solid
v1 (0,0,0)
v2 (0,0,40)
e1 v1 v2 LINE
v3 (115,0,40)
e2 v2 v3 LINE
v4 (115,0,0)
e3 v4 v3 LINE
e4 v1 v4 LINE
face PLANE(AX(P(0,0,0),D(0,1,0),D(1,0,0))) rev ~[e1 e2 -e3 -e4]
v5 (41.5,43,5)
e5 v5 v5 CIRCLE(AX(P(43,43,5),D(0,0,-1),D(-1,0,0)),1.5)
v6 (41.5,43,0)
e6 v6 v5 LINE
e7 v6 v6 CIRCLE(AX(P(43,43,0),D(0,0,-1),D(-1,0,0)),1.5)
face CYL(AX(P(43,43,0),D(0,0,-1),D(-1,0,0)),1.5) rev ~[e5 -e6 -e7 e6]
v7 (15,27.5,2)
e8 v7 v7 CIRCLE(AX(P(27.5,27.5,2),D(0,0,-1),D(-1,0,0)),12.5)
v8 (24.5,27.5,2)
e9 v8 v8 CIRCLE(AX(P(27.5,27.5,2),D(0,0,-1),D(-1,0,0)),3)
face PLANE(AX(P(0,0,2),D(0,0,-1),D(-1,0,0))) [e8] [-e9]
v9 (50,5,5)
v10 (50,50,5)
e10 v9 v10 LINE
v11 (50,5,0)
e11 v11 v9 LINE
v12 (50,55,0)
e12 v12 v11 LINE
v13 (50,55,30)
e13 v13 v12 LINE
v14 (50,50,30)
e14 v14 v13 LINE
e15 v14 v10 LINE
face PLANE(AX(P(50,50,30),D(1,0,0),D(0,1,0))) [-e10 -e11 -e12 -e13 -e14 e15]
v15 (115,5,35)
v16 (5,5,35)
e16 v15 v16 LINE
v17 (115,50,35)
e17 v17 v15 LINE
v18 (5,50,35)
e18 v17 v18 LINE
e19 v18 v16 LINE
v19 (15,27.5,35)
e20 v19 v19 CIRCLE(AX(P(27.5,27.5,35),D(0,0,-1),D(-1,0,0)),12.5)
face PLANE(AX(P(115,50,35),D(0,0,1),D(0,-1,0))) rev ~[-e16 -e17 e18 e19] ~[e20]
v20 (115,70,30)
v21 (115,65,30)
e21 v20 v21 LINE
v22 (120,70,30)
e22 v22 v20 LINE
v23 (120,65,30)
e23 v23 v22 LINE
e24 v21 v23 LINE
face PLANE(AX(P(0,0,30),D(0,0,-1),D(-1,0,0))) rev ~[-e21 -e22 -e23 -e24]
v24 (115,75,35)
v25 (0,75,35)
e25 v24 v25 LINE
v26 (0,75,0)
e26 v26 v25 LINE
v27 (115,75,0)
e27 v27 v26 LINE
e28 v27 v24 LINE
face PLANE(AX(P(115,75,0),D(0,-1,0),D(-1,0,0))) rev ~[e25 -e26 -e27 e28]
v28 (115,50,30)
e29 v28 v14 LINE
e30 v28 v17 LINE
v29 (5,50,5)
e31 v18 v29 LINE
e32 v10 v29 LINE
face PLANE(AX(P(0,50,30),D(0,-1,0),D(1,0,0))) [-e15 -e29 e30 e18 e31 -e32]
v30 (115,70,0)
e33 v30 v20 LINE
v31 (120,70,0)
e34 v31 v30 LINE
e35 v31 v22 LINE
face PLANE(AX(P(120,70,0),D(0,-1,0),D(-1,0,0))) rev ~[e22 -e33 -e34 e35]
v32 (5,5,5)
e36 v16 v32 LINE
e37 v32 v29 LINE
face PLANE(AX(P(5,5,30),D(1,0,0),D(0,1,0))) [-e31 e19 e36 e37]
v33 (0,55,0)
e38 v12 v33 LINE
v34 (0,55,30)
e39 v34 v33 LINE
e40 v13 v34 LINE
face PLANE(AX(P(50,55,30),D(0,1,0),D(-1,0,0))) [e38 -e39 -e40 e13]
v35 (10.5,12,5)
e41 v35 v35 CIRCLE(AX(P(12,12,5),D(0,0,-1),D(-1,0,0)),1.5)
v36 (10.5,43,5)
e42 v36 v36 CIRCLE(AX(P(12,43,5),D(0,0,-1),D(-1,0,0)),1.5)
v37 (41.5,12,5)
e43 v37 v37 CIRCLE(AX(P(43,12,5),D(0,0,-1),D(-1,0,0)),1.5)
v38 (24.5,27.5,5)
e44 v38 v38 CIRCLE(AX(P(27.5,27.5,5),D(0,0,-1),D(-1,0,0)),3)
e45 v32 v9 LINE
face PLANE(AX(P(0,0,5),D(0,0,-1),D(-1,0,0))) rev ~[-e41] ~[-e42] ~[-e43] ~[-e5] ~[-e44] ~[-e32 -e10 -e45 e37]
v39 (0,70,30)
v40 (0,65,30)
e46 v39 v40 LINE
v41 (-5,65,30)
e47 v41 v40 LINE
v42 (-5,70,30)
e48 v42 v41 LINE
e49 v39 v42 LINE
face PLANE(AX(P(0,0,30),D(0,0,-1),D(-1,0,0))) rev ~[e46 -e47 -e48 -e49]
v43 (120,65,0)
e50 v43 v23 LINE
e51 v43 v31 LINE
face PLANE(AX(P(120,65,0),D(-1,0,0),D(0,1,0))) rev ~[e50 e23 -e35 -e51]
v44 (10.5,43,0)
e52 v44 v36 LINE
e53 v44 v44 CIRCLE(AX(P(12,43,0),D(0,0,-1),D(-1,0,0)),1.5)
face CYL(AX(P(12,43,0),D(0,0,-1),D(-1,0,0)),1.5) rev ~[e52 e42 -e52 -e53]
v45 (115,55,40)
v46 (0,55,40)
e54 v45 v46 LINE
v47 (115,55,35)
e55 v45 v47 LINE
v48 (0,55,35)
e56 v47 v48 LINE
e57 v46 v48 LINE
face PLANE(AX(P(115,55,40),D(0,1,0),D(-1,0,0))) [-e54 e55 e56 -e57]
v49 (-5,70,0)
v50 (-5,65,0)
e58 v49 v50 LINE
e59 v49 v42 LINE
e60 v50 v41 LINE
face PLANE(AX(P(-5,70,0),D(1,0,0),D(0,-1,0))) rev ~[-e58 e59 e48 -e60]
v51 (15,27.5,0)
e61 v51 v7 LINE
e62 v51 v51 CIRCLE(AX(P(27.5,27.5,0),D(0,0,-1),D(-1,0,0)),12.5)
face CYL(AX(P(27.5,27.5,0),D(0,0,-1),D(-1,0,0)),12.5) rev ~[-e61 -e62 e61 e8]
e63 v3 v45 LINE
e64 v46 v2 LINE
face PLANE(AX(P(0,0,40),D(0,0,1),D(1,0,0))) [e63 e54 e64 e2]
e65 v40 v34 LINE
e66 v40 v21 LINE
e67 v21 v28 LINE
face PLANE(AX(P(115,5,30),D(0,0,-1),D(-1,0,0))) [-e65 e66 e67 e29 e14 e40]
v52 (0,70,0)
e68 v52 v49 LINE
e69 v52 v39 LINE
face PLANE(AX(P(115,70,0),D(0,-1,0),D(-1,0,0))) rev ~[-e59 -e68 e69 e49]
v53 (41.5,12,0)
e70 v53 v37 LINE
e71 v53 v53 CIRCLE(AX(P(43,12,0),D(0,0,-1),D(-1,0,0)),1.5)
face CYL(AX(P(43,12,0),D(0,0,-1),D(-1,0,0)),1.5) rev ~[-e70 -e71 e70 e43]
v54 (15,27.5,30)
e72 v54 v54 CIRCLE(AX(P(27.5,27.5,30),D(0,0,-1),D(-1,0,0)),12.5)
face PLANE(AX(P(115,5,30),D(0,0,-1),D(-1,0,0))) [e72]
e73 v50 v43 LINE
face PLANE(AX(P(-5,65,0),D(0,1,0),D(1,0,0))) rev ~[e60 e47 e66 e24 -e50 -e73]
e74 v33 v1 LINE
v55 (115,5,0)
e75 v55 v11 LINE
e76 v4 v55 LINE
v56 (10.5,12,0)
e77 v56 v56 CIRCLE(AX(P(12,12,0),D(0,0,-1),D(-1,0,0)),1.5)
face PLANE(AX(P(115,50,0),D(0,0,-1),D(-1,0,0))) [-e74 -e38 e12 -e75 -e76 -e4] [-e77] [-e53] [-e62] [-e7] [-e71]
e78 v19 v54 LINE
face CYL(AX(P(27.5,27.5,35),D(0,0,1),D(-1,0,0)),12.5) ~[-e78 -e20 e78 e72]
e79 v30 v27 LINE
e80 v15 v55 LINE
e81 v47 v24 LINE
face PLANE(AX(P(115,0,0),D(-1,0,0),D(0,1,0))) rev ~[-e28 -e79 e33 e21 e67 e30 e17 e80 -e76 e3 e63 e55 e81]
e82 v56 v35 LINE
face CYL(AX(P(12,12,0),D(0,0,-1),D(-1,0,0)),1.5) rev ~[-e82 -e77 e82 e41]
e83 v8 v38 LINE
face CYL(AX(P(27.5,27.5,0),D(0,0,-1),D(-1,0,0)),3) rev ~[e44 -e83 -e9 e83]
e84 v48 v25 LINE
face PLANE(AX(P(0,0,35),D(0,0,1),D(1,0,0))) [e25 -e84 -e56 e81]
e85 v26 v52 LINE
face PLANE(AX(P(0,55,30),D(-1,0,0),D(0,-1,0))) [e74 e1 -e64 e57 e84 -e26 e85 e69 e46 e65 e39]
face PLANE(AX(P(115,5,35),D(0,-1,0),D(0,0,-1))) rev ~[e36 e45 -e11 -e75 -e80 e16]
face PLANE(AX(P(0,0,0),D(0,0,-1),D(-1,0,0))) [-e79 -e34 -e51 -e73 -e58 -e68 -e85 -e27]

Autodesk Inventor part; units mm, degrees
ref_plane "YZ Plane" through (0, 0, 0) normal (1, 0, 0) x (0, 1, 0)
ref_plane "XZ Plane" through (0, 0, 0) normal (0, 1, 0) x (-1, 0, 0)
ref_plane "XY Plane" through (0, 0, 0) normal (0, 0, 1) x (1, 0, 0)
sketch "Sketch1" plane through (0, 0, 0) normal (0, 0, 1) x (1, 0, 0)
  line L0 (0, 0) -> (115, 0)
  line L1 (115, 0) -> (115, 75)
  line L2 (115, 75) -> (0, 75)
  line L3 (0, 75) -> (0, 0)
  dimension "d0" = 115
  dimension "d1" = 75
extrude "Extrusion1" add sketch "Sketch1" along normal blind 40
sketch "Sketch2" plane through (0, 0, 40) normal (0, 0, 1) x (1, 0, 0)
  line L0 (115, 75) -> (0, 75) projected
  line L1 (115, 0) -> (115, 75) projected
  line L2 (0, 75) -> (115, 75)
  line L3 (115, 75) -> (115, 55)
  line L4 (115, 55) -> (0, 55)
  line L5 (0, 55) -> (0, 75)
  point P0 (0, 0)
  dimension "d4" = 20
extrude "Extrusion2" cut sketch "Sketch2" against normal blind 5
sketch "Sketch3" plane through (115, 0, 0) normal (1, 0, 0) x (0, 0, -1)
  line L0 (0, 75) -> (-35, 75) projected
  line L1 (-35, 75) -> (-35, 55) projected
  line L2 (-35, 55) -> (-40, 55) projected
  line L3 (-40, 0) -> (-40, 55) projected
  line L4 (0, 0) -> (-40, 0) projected
  line L5 (0, 70) -> (-30, 70)
  line L6 (-30, 70) -> (-30, 50)
  line L7 (-30, 50) -> (-35, 50)
  line L8 (-35, 50) -> (-35, 5)
  line L9 (-35, 5) -> (0, 5)
  line L10 (0, 5) -> (0, 70)
  line L11 (0, 0) -> (0, 75) projected
  dimension "d7" = 5
extrude "Extrusion3" cut sketch "Sketch3" against normal through all contours L10 L9 L8 L7 L6 L5
sketch "Sketch4" plane through (115, 5, 35) normal (0, 0, -1) x (-1, 0, 0)
  line L0 (0, 45) -> (115, 45) projected
  line L1 (115, 0) -> (0, 0) projected
  line L2 (115, 45) -> (110, 45)
  line L3 (110, 45) -> (110, 0)
  line L4 (110, 0) -> (115, 0)
  line L5 (115, 0) -> (115, 45)
  point P0 (115, -5)
  dimension "d10" = 5
extrude "Extrusion4" add sketch "Sketch4" along normal blind 5
sketch "Sketch5" plane through (115, 50, 30) normal (0, 0, -1) x (-1, 0, 0)
  line L0 (115, 20) -> (115, -45) projected
  line L1 (115, -45) -> (110, -45)
  line L2 (110, -45) -> (110, 0)
  line L3 (110, 0) -> (115, 0)
  line L4 (115, 0) -> (115, -45)
  point P0 (115, -50)
  dimension "d13" = 5
  dimension "d14" = 45
extrude "Extrusion5" add sketch "Sketch5" along normal blind 30
sketch "Sketch6" plane through (0, 0, 0) normal (0, 0, -1) x (-1, 0, 0)
  line L0 (-5, 5) -> (-5, 50) projected
  line L1 (-5, 5) -> (-50, 5)
  line L2 (-50, 5) -> (-50, 50)
  line L3 (-50, 50) -> (-5, 50)
  line L4 (-5, 50) -> (-5, 5)
  point P0 (0, 0)
  dimension "d17" = 45
  dimension "d18" = 45
extrude "Extrusion6" add sketch "Sketch6" against normal blind 5
sketch "Sketch7" plane through (0, 0, 0) normal (0, 0, -1) x (-1, 0, 0)
  line L0 (0, 50) -> (-50, 50) construction
  line L1 (-5, 5) -> (-5, 50) construction
  line L2 (-50, 50) -> (-5, 50) construction
  line L3 (-5, 50) -> (-5, 5) construction
  line L4 (-5, 5) -> (-50, 5) construction
  line L5 (-50, 5) -> (-50, 50) construction
  line L6 (-43, 12) -> (-12, 12) construction
  line L7 (-12, 12) -> (-12, 43) construction
  line L8 (-12, 43) -> (-43, 43) construction
  line L9 (-43, 43) -> (-43, 12) construction
  line L10 (-43, 12) -> (-12, 43) construction
  line L11 (-12, 12) -> (-43, 43) construction
  circle A0 centre (-43, 43) radius 1.5
  circle A1 centre (-12, 43) radius 1.5
  circle A2 centre (-43, 12) radius 1.5
  circle A3 centre (-12, 12) radius 1.5
  circle A4 centre (-27.5, 27.5) radius 3
  point P0 (0, 0)
  point P1 (-50, 27.5)
  point P2 (-27.5, 50)
  dimension "d21" = 45
  dimension "d22" = 45
  dimension "d23" = 31
  dimension "d24" = 31
  dimension "d25" = 3
  dimension "d26" = 3
  dimension "d27" = 3
  dimension "d28" = 3
  dimension "d29" = 6
extrude "Extrusion7" cut sketch "Sketch7" against normal blind 5
sketch "Sketch8" plane through (0, 0, 0) normal (0, 0, -1) x (-1, 0, 0)
  circle A0 centre (-27.5, 27.5) radius 3 projected
  circle A1 centre (-27.5, 27.5) radius 12.5
  point P0 (0, 0)
  dimension "d32" = 25
extrude "Extrusion8" cut sketch "Sketch8" against normal blind 2
sketch "Sketch9" plane through (115, 50, 30) normal (0, 0, -1) x (-1, 0, 0)
  line L0 (115, 5) -> (115, -50) projected
  line L1 (115, 0) -> (65, 0)
  line L2 (65, 0) -> (65, 5)
  line L3 (65, 5) -> (115, 5)
  line L4 (115, 5) -> (115, 0)
  dimension "d35" = 50
  dimension "d36" = 5
extrude "Extrusion9" add sketch "Sketch9" along normal blind 30
sketch "Sketch10" plane through (115, 5, 35) normal (0, 0, -1) x (-1, 0, 0)
  circle A0 centre (87.5, 22.5) radius 3 projected
  circle A1 centre (87.5, 22.5) radius 12.5
  point P0 (115, -5)
  dimension "d39" = 25
extrude "Extrusion10" add sketch "Sketch10" along normal blind 5 contours A0 | A1
sketch "Sketch11" plane through (0, 0, 0) normal (0, 0, -1) x (-1, 0, 0)
  line L0 (-120, 70) -> (5, 70)
  line L1 (5, 70) -> (5, 65)
  line L2 (5, 65) -> (-120, 65)
  line L3 (-120, 65) -> (-120, 70)
  line L4 (-115, 70) -> (-115, 75) projected
  point P0 (0, 0)
  point P1 (0, 70)
  dimension "d42" = 5
  dimension "d43" = 5
  dimension "d44" = 5
extrude "Extrusion11" add sketch "Sketch11" against normal blind 30
properties part number "FA003" material "ABS Plastic"
